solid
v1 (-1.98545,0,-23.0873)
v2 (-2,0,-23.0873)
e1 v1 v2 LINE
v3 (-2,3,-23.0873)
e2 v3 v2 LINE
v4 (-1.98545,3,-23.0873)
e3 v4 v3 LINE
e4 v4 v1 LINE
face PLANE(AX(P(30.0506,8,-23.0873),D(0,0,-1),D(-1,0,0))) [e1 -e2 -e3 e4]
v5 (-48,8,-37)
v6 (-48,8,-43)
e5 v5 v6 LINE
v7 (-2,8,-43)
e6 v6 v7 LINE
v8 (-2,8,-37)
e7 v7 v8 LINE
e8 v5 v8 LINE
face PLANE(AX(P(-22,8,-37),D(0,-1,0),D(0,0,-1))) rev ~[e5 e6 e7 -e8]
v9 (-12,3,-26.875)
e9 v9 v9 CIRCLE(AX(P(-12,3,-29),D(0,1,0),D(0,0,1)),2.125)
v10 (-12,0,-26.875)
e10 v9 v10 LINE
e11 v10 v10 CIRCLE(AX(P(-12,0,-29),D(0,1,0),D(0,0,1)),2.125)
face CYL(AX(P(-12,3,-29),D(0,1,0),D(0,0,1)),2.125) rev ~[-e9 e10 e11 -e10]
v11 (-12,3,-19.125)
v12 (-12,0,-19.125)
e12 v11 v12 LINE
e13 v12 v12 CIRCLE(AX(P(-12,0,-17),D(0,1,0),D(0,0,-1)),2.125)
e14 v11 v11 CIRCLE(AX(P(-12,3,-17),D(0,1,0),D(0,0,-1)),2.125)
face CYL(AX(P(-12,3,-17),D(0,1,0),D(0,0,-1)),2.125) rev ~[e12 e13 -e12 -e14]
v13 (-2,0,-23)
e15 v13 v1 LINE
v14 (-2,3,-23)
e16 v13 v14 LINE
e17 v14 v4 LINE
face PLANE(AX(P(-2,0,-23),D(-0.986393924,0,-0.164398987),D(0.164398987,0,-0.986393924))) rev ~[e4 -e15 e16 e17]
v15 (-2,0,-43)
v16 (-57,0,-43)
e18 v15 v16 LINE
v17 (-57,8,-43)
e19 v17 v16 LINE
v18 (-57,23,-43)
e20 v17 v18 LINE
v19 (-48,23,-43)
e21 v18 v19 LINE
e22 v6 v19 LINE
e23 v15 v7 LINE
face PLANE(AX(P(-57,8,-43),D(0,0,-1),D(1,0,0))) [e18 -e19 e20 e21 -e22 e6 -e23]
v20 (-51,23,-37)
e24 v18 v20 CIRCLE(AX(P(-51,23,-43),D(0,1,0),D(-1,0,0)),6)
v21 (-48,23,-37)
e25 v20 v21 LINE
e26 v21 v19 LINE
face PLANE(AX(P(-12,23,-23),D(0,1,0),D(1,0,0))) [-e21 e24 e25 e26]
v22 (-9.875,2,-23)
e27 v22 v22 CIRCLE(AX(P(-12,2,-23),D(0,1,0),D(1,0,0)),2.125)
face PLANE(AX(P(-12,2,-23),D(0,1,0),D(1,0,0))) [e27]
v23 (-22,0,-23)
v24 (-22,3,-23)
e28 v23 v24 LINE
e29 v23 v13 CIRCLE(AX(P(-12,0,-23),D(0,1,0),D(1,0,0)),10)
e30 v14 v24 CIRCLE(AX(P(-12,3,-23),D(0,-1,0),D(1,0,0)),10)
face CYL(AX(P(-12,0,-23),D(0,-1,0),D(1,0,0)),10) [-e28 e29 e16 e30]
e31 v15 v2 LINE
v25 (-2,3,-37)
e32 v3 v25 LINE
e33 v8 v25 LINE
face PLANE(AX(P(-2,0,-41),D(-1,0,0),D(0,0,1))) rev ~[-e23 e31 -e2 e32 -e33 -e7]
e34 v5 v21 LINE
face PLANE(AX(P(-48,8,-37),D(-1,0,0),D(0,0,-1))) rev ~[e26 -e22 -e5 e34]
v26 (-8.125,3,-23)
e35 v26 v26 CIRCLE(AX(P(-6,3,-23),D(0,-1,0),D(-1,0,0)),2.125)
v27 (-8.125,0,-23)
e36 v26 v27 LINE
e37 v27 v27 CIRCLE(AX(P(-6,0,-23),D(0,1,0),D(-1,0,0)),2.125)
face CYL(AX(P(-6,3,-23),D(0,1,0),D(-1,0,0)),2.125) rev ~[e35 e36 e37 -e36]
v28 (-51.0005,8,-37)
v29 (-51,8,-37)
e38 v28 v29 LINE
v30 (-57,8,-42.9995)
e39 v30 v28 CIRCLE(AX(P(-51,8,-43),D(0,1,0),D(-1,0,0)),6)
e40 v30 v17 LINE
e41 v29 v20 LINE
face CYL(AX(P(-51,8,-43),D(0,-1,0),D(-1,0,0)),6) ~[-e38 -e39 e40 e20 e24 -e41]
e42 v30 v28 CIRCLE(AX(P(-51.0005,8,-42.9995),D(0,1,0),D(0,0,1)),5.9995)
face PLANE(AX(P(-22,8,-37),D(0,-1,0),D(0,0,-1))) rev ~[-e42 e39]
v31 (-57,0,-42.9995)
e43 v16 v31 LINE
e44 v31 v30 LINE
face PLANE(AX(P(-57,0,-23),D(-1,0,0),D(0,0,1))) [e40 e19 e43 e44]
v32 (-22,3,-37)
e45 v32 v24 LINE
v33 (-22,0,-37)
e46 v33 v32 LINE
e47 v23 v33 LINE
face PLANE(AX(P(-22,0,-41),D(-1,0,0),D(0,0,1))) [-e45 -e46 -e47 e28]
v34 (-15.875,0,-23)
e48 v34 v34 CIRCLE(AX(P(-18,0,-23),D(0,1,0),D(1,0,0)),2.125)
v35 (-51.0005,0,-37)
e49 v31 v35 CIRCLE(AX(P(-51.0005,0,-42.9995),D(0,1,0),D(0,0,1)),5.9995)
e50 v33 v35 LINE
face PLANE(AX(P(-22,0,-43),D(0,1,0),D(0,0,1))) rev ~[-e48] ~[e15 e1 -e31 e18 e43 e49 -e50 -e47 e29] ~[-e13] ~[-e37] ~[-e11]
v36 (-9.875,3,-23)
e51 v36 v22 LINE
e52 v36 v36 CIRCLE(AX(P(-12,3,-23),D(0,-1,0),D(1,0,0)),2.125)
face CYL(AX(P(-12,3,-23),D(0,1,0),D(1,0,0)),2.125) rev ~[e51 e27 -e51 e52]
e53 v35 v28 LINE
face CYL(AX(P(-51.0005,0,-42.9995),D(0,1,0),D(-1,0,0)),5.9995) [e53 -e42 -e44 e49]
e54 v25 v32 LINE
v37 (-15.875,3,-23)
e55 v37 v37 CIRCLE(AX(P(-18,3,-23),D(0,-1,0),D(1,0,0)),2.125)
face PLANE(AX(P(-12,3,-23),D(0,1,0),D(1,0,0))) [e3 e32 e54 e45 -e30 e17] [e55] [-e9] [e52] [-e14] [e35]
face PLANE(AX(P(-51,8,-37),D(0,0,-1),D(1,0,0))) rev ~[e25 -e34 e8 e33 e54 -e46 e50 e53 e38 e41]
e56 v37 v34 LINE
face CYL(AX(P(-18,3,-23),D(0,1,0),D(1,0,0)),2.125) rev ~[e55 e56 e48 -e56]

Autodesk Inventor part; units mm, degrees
ref_plane "YZ Plane" through (0, 0, 0) normal (1, 0, 0) x (0, 1, 0)
ref_plane "XZ Plane" through (0, 0, 0) normal (0, 1, 0) x (-1, 0, 0)
ref_plane "XY Plane" through (0, 0, 0) normal (0, 0, 1) x (1, 0, 0)
sketch "Sketch1" plane through (0, 0, 0) normal (0, 1, 0) x (-1, 0, 0)
  line L0 (0, 0) -> (24, 0)
  line L1 (12, 0) -> (12, -5)
  circle A0 centre (12, -5) radius 2.125
  dimension "d0" = 24
  dimension "d1" = 5
  dimension "d2" = 4.25
sketch "Sketch2" plane through (0, 0, 0) normal (0, 1, 0) x (-1, 0, 0)
  line L0 (24, 0) -> (24, 30)
  line L1 (24, 30) -> (0, 30)
  line L2 (0, 0) -> (0, -12.5)
  line L3 (0, -12.5) -> (24, -12.5)
  line L4 (24, -12.5) -> (24, 0)
  line L5 (0, 25) -> (0, 0)
  line L6 (0, 25) -> (-29.86, 25)
  line L7 (0, 30) -> (-29.86, 30)
  line L8 (-29.86, 30) -> (-29.86, 25)
  dimension "d3" = 24
  dimension "d4" = 30
  dimension "d5" = 12.5
  dimension "d6" = 5
  dimension "d20" = 29.86
extrude "Extrusion1" add sketch "Sketch2" along normal blind 8
extrude "Extrusion2" cut sketch "Sketch1" along normal through all
pattern_linear "Rectangular Pattern1" count 2 spacing 6 along (1, 0, 0) count 2 spacing 6 along (-1, 0, 0) of "Extrusion2"
sketch "Sketch4" plane through (-24, 0, -12.5) normal (-1, 0, 0) x (0, 0, 1)
  point P0 (12.5, 0)
sketch "Sketch5" plane through (0, 8, 0) normal (0, 1, 0) x (1, 0, 0)
  line L0 (0, 0) -> (0, 12.5)
  line L1 (0, 12.5) -> (-24, 12.5)
  line L2 (-24, 12.5) -> (-24, 0)
  line L3 (-24, 0) -> (0, 0)
  line L4 (0, -25) -> (0, 12.5) projected
extrude "Extrusion3" cut sketch "Sketch5" against normal blind 5
sketch "Sketch6" plane through (0, 8, 0) normal (0, 1, 0) x (1, 0, 0)
  line L0 (13.1425, -25) -> (13.1425, 25)
  circle A0 centre (-12, 5) radius 2.125 projected
  line L1 (-12, 5) -> (-12, 23)
  circle A1 centre (-12, 23) radius 10
  line L2 (21.1928, 30) -> (23.1928, 30)
  line L3 (0, 35) -> (20, 35)
  line L4 (20, 35) -> (30.8046, 35) construction
  line L5 (20, 35) -> (37.0437, 35) construction
  line L6 (20, 35) -> (24.8301, 36.2923)
  line L7 (17.3205, 25) -> (22.3205, 25) construction
  line L8 (17.3205, 25) -> (12.3205, 25)
  line L9 (-2, 23) -> (0, 35)
  line L10 (-22, 23) -> (-22, 41)
  line L11 (-22, 41) -> (30, 41)
  line L12 (30, 41) -> (24.8301, 36.2923)
  point P0 (0, 0)
  dimension "d23" = 50
  dimension "d25" = 18
  dimension "d26" = 20
  dimension "d42" = 2
  dimension "d45" = 20
  dimension "d47" = 20
  dimension "d52" = 5
  dimension "d63" = 5
  dimension "d66" = 52
  dimension "d67" = 18
sketch "Sketch7" plane through (0, 0, 0) normal (0, -1, 0) x (1, 0, 0)
  circle A0 centre (-12, -5) radius 2.125 projected
  line L0 (-12, -5) -> (-12, -23)
  circle A1 centre (-12, -23) radius 10
  line L1 (-22, -23) -> (-22, -41)
  line L2 (-22, -41) -> (30, -41)
  line L3 (0, -34.9999) -> (20, -34.9999)
  line L4 (20, -34.9999) -> (24.851, -36.2115)
  line L5 (24.851, -36.2115) -> (30, -41)
  line L6 (0, -34.9999) -> (-2, -23)
  point P0 (0, 0)
  dimension "d27" = 18
  dimension "d28" = 20
  dimension "d68" = 18
  dimension "d69" = 52
  dimension "d70" = 20
  dimension "d71" = 5
extrude "Extrusion4" add sketch "Sketch7" against normal blind 3 contours A1
sketch "Sketch8" plane through (-12, 3, -23) normal (0, 1, 0) x (1, 0, 0)
  circle A0 centre (0, 0) radius 2.125
  point P0 (12, -23)
  dimension "d31" = 4.25
extrude "Extrusion5" cut sketch "Sketch8" against normal blind 1
sketch "Sketch9" plane through (-12, 3, -23) normal (0, 1, 0) x (1, 0, 0)
  line L0 (0, 0) -> (-6, 0)
  circle A0 centre (-6, 0) radius 2.125
  point P0 (12, -23)
  dimension "d34" = 6
  dimension "d35" = 4.25
extrude "Extrusion6" cut sketch "Sketch9" against normal through all
pattern_circular "Circular Pattern1" count 4 over 360 about axis through (-12, 0, -23) along (0, 1, 0) of "Extrusion6"
sketch "Sketch10" plane through (-12, 0, -23) normal (0, -1, 0) x (1, 0, 0)
  circle A0 centre (0, 0) radius 10 projected
  line L0 (-10, 0) -> (-10, -18)
  line L1 (-10, -18) -> (42, -18)
  line L2 (12, -12) -> (32, -12)
  line L3 (32, -12) -> (36.8295, -13.2918)
  line L4 (36.8295, -13.2918) -> (42, -18)
  arc A1 (-10, 0) -> (10, 0) centre (0, 0) ccw
  line L5 (10, 0) -> (12, -12)
  point P0 (12, 23)
  dimension "d72" = 18
  dimension "d73" = 52
  dimension "d74" = 20
extrude "Extrusion7" add sketch "Sketch10" against normal blind 8 contours L5 L2 L3 L4 L1 L0 A0
sketch "Sketch11" plane through (0, 0, 25) normal (1, 0, 0) x (0, 0, -1)
  line L0 (25, 8) -> (37.5, 8)
  line L1 (37.5, 8) -> (37.5, 4)
  line L2 (37.5, 4) -> (25, 4)
  line L3 (25, 4) -> (25, 8)
  point P0 (25, 0)
  dimension "d77" = 4
extrude "Extrusion8" add sketch "Sketch11" against normal blind 24
sketch "Sketch12" plane through (0, 8, 0) normal (0, 1, 0) x (1, 0, 0)
  circle A0 centre (-12, 5) radius 2.125 projected
  circle A1 centre (-12, 5) radius 2.125
  point P0 (0, 0)
  dimension "d80" = 4.25
extrude "Extrusion9" cut sketch "Sketch12" against normal through all
pattern_linear "Rectangular Pattern2" count 3 spacing 6 along (1, 0, 0) of "Extrusion9"
sketch "Sketch13" plane through (0, 8, 0) normal (0, 1, 0) x (1, 0, 0)
  line L0 (30, 41) -> (29.8598, -25)
  point P0 (0, 0)
  point P1 (29.86, -25)
fillet "Fillet1" radius 5 1 edges at (29.86, 4, 30)
sketch "Sketch14" plane through (0, 0, 25) normal (1, 0, 0) x (0, 0, -1)
  line L0 (37.5, 3) -> (25, 3)
  line L1 (25, 3) -> (25, 0)
  line L2 (25, 0) -> (37.5, 0)
  line L3 (37.5, 0) -> (37.5, 3)
  line L4 (37.5, 0) -> (66, 0)
  line L5 (66, 0) -> (66, 8)
  line L6 (66, 8) -> (37.5, 8)
  line L7 (37.5, 8) -> (37.5, 0)
sketch "Sketch15" plane through (0, 0, 25) normal (1, 0, 0) x (0, 0, -1)
  point P0 (25, 0)
sketch "Sketch16" plane through (-24, 0, -12.5) normal (-1, 0, 0) x (0, 0, 1)
  line L0 (0, 8) -> (42.5, 8) projected
  line L1 (0, 4) -> (12.5, 4)
  line L2 (12.5, 4) -> (12.5, 8)
  line L3 (12.5, 8) -> (0, 8)
  line L4 (0, 8) -> (0, 4)
  line L5 (-0.5, 0) -> (-10.5, 0) projected
  line L6 (-0.5431, 0) -> (-28.5, 0)
  line L7 (-28.5, 0) -> (-28.5, 8)
  line L8 (-28.5, 8) -> (-0.5431, 8)
  line L9 (-0.5431, 8) -> (-0.5431, 0)
  point P0 (12.5, 0)
sketch "Sketch17" plane through (0, 8, 0) normal (0, 1, 0) x (1, 0, 0)
  line L0 (-28.6904, -36.0385) -> (31.2177, -36.0385)
  line L1 (31.2177, -36.0385) -> (31.2177, 12.5)
  line L2 (31.2177, 12.5) -> (-28.6904, 12.5)
  line L3 (-28.6904, 12.5) -> (-28.6904, -36.0385)
  point P0 (0, 0)
extrude "Extrusion10" cut sketch "Sketch17" against normal through all
sketch "Sketch18" plane through (-12, 8, -23) normal (0, 1, 0) x (1, 0, 0)
  line L0 (12, 12) -> (12, 14)
  line L1 (12, 14) -> (-10, 14)
  line L2 (-10, 14) -> (-10, 0)
  line L3 (-10, 0) -> (12, 0)
  line L4 (12, 0) -> (12, 14)
  point P0 (12, -23)
  dimension "d89" = 2
extrude "Extrusion11" cut sketch "Sketch18" against normal blind 5
sketch "Sketch19" plane through (-22, 0, -41) normal (-1, 0, 0) x (0, 0, 1)
  line L0 (0, 0) -> (-2, 0)
  line L1 (-2, 0) -> (-2, 8)
  line L2 (-2, 8) -> (0, 8)
  line L3 (0, 8) -> (0, 0)
  point P0 (41, 0)
  dimension "d92" = 2
extrude "Extrusion12" add sketch "Sketch19" against normal blind 20
sketch "Sketch20" plane through (-12, 8, -23) normal (0, 1, 0) x (1, 0, 0)
  line L0 (10, 20) -> (42.0506, 20)
  line L1 (42.0506, 20) -> (42.0506, 0.0873)
  line L2 (42.0506, 0.0873) -> (10, 0.0873)
  line L3 (10, 0.0873) -> (10, 20)
  point P0 (12, -23)
extrude "Extrusion13" cut sketch "Sketch20" against normal through all
sketch "Sketch21" plane through (-22, 0, -23) normal (-1, 0, 0) x (0, 0, 1)
  line L0 (-20, 0) -> (-14, 0)
  line L1 (-14, 0) -> (-14, 8)
  line L2 (-14, 8) -> (-20, 8)
  line L3 (-20, 8) -> (-20, 0)
  point P0 (23, 0)
extrude "Extrusion14" add sketch "Sketch21" along normal blind 35
sketch "Sketch22" plane through (0, 0, 0) normal (0, -1, 0) x (1, 0, 0)
  point P0 (0, 0)
fillet "Fillet2" radius 6 1 edges at (-57, 4, -37)
sketch "Sketch24" plane through (-12, 8, -23) normal (0, 1, 0) x (1, 0, 0)
  arc A0 (-45, 20) -> (-39, 14) centre (-39, 20) ccw
  line L0 (-39, 14) -> (-36, 14)
  line L1 (-10, 14) -> (-39, 14) projected
  line L2 (-36, 14) -> (-36, 20)
  line L3 (-45, 20) -> (10, 20) projected
  point P0 (12, -23)
  dimension "d101" = 3
extrude "Extrusion15" add sketch "Sketch24" along normal blind 15
equation "\"d81\" = d80"
properties part number "CraneGripper"
